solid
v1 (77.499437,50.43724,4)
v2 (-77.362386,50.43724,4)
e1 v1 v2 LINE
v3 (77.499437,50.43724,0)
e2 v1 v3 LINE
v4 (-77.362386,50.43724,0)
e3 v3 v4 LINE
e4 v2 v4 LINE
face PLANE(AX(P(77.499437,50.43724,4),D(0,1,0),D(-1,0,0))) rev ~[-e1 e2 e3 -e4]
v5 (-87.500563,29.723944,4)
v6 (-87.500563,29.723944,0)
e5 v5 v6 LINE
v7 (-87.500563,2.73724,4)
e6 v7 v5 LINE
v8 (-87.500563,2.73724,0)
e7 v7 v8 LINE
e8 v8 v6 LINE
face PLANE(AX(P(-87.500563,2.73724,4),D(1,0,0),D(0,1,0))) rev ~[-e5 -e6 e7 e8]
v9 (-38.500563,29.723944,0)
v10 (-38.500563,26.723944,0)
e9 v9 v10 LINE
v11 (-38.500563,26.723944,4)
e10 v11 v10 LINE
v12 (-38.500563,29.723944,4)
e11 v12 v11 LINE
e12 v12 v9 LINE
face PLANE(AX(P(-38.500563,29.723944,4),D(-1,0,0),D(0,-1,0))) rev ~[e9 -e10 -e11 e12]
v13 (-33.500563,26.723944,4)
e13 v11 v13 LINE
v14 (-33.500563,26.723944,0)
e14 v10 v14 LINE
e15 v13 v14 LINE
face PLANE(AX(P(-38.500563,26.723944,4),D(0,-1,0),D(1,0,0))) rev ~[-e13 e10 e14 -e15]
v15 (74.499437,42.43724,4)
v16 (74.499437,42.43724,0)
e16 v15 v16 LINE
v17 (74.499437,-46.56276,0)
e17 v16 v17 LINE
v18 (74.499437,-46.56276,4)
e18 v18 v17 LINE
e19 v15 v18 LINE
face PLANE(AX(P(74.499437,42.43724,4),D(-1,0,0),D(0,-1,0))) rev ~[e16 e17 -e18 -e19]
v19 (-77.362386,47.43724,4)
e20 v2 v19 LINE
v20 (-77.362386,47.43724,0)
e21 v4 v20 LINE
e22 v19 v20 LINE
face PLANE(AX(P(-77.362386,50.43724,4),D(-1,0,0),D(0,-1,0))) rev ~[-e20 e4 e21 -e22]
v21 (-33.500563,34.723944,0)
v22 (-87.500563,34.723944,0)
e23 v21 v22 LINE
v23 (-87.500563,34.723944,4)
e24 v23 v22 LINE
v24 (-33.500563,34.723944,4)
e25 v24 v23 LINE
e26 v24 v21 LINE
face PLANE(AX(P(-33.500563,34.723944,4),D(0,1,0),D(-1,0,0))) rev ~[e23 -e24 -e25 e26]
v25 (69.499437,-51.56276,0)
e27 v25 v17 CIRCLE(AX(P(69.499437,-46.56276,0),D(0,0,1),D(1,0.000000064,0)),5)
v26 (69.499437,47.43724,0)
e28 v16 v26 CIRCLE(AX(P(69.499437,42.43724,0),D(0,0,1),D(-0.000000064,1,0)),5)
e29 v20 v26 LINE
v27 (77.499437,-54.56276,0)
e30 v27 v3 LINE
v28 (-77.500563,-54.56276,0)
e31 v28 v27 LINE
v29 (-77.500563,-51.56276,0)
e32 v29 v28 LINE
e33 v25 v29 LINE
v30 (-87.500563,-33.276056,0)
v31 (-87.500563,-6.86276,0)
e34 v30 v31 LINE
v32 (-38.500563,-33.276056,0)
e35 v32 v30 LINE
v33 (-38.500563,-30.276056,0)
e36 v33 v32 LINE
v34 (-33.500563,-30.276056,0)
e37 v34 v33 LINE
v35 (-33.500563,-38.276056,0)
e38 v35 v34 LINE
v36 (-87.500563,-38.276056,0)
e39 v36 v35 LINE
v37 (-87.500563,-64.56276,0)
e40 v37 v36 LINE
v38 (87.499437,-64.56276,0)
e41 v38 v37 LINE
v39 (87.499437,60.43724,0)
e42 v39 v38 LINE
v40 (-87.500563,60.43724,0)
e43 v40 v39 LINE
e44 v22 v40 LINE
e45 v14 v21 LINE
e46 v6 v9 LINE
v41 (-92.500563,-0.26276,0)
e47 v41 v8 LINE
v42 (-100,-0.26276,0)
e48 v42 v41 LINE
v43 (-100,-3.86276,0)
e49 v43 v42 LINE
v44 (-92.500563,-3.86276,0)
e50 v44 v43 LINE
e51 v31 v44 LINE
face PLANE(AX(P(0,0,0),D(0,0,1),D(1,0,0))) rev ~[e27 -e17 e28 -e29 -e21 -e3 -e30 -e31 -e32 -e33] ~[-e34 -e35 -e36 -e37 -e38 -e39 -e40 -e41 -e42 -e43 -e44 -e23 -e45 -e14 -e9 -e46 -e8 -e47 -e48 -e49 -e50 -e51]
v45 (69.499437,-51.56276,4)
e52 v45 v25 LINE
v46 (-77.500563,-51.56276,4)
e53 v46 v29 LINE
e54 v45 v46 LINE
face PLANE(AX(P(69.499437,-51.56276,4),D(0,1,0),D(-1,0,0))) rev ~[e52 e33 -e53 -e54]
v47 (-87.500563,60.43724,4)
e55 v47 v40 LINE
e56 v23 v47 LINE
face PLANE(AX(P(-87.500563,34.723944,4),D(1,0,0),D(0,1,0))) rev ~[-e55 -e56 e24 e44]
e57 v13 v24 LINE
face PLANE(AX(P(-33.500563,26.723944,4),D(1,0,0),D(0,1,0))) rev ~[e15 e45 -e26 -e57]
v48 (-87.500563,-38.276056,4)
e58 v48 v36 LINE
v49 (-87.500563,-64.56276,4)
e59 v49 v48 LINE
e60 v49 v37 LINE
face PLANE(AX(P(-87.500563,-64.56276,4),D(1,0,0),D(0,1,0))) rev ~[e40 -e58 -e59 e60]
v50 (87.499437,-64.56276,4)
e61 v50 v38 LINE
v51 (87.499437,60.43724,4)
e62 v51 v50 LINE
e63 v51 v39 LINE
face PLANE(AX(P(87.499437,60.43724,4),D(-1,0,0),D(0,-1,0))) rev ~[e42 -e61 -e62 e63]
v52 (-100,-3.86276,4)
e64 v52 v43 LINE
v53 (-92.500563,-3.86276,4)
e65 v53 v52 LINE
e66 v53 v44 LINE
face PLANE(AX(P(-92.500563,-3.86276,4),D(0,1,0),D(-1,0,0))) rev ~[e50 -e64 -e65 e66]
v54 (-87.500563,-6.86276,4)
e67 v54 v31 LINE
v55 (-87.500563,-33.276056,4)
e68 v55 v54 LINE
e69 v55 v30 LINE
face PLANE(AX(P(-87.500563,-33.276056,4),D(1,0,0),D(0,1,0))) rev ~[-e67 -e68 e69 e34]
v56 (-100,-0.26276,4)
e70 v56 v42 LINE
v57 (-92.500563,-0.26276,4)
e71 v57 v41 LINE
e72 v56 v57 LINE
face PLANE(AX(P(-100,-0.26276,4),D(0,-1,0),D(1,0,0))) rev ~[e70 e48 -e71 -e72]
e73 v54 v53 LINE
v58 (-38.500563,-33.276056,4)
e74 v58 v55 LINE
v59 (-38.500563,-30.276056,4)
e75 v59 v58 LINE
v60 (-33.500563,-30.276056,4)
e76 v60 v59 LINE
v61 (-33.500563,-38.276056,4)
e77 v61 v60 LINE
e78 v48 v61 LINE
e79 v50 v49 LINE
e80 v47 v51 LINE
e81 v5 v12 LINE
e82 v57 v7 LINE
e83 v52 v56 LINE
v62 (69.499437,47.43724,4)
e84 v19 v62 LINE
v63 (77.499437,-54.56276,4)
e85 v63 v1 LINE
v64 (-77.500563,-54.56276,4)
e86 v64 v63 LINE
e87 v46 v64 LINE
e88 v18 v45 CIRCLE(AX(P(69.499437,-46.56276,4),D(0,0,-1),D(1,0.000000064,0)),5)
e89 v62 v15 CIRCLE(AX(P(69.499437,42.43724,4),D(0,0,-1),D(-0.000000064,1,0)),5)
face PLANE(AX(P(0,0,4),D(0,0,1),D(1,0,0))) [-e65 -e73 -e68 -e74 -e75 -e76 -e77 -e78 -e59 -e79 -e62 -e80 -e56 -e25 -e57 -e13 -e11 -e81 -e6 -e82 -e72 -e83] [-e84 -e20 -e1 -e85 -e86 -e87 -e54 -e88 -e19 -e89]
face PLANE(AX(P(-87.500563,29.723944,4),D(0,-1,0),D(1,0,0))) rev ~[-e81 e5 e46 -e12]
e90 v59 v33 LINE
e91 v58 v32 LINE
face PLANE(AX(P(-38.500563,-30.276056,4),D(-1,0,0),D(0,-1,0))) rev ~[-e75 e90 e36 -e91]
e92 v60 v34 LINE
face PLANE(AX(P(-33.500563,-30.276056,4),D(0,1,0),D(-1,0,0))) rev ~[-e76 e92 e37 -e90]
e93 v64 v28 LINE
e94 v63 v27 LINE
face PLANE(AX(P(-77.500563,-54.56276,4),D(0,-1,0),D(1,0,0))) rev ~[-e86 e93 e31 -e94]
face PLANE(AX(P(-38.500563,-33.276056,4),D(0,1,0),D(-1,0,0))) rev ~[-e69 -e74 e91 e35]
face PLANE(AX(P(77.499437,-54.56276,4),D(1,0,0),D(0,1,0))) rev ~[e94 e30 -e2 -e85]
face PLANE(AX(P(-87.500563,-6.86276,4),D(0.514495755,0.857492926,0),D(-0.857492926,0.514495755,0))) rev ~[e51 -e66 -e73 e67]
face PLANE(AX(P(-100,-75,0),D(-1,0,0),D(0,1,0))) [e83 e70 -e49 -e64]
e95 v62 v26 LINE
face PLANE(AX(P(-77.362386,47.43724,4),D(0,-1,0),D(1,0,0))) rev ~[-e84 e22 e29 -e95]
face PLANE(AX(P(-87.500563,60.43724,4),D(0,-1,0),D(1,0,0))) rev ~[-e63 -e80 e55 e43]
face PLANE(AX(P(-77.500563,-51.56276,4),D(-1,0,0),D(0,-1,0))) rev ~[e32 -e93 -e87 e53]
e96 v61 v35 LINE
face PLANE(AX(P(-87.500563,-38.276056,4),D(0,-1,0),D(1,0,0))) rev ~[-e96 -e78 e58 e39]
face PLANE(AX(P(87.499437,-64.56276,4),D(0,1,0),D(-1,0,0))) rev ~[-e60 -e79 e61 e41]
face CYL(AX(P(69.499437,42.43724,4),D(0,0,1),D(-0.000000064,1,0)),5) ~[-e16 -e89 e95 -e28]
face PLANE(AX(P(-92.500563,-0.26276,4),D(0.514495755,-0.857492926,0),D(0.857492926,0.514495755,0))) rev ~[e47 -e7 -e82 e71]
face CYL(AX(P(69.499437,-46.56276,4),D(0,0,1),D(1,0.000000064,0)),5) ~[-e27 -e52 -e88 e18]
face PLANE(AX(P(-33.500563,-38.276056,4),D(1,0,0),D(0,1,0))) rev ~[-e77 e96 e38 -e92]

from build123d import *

# Parameters (mm, degrees)
F0_W     = 200
F0_H     = 150
F1_DEPTH = 4
F3_DEPTH = 25


with BuildPart() as f1:
    # F0 (on Top) → F1 (new body)
    with BuildSketch(Plane.XY):
        Rectangle(F0_W, F0_H)
    extrude(amount=F1_DEPTH)

    # F2 (on face) → F3 (cut)
    with BuildSketch(Plane.XY.offset(4)):
        Polygon((-87.500563, 60.43724), (87.499437, 60.43724), (87.499437, -64.56276), (-77.500563, -64.56276), (-87.500563, -64.56276), (-87.500563, -38.276056), (-46.000563, -38.276056), (-41.000563, -38.276056), (-33.500563, -38.276056), (-33.500563, -30.276056), (-38.500563, -30.276056), (-38.500563, -33.276056), (-87.500563, -33.276056), (-87.500563, -6.86276), (-92.500563, -3.86276), (-100, -3.86276), (-100, -75), (100, -75), (100, 75), (-100, 75), (-100, -0.26276), (-92.500563, -0.26276), (-87.500563, 2.73724), (-87.500563, 29.723944), (-46.000563, 29.723944), (-38.500563, 29.723944), (-38.500563, 26.723944), (-33.500563, 26.723944), (-33.500563, 34.723944), (-41.000563, 34.723944), (-87.500563, 34.723944), align=None)
        with BuildLine():
            Line((60.637614, 50.43724), (-74.362386, 50.43724))
            Line((-74.362386, 50.43724), (-77.362386, 50.43724))
            Line((-77.362386, 50.43724), (-77.362386, 47.43724))
            Line((-77.362386, 47.43724), (-74.362386, 47.43724))
            Line((-74.362386, 47.43724), (57.637614, 47.43724))
            Line((57.637614, 47.43724), (60.637614, 47.43724))
            Line((60.637614, 47.43724), (69.499437, 47.43724))
            ThreePointArc((69.499437, 47.43724), (73.034971, 45.972774), (74.499437, 42.43724))
            Line((74.499437, 42.43724), (74.499437, -46.56276))
            ThreePointArc((74.499437, -46.56276), (73.034971, -50.098294), (69.499437, -51.56276))
            Line((69.499437, -51.56276), (60.637614, -51.56276))
            Line((60.637614, -51.56276), (-77.500563, -51.56276))
            Line((-77.500563, -51.56276), (-77.500563, -54.56276))
            Line((-77.500563, -54.56276), (60.637614, -54.56276))
            Line((60.637614, -54.56276), (77.499437, -54.56276))
            Line((77.499437, -54.56276), (77.499437, 47.43724))
            Line((77.499437, 47.43724), (77.499437, 50.43724))
            Line((77.499437, 50.43724), (74.499437, 50.43724))
            Line((74.499437, 50.43724), (60.637614, 50.43724))
        make_face()
    extrude(amount=-F3_DEPTH, mode=Mode.SUBTRACT)


solid = f1.part
